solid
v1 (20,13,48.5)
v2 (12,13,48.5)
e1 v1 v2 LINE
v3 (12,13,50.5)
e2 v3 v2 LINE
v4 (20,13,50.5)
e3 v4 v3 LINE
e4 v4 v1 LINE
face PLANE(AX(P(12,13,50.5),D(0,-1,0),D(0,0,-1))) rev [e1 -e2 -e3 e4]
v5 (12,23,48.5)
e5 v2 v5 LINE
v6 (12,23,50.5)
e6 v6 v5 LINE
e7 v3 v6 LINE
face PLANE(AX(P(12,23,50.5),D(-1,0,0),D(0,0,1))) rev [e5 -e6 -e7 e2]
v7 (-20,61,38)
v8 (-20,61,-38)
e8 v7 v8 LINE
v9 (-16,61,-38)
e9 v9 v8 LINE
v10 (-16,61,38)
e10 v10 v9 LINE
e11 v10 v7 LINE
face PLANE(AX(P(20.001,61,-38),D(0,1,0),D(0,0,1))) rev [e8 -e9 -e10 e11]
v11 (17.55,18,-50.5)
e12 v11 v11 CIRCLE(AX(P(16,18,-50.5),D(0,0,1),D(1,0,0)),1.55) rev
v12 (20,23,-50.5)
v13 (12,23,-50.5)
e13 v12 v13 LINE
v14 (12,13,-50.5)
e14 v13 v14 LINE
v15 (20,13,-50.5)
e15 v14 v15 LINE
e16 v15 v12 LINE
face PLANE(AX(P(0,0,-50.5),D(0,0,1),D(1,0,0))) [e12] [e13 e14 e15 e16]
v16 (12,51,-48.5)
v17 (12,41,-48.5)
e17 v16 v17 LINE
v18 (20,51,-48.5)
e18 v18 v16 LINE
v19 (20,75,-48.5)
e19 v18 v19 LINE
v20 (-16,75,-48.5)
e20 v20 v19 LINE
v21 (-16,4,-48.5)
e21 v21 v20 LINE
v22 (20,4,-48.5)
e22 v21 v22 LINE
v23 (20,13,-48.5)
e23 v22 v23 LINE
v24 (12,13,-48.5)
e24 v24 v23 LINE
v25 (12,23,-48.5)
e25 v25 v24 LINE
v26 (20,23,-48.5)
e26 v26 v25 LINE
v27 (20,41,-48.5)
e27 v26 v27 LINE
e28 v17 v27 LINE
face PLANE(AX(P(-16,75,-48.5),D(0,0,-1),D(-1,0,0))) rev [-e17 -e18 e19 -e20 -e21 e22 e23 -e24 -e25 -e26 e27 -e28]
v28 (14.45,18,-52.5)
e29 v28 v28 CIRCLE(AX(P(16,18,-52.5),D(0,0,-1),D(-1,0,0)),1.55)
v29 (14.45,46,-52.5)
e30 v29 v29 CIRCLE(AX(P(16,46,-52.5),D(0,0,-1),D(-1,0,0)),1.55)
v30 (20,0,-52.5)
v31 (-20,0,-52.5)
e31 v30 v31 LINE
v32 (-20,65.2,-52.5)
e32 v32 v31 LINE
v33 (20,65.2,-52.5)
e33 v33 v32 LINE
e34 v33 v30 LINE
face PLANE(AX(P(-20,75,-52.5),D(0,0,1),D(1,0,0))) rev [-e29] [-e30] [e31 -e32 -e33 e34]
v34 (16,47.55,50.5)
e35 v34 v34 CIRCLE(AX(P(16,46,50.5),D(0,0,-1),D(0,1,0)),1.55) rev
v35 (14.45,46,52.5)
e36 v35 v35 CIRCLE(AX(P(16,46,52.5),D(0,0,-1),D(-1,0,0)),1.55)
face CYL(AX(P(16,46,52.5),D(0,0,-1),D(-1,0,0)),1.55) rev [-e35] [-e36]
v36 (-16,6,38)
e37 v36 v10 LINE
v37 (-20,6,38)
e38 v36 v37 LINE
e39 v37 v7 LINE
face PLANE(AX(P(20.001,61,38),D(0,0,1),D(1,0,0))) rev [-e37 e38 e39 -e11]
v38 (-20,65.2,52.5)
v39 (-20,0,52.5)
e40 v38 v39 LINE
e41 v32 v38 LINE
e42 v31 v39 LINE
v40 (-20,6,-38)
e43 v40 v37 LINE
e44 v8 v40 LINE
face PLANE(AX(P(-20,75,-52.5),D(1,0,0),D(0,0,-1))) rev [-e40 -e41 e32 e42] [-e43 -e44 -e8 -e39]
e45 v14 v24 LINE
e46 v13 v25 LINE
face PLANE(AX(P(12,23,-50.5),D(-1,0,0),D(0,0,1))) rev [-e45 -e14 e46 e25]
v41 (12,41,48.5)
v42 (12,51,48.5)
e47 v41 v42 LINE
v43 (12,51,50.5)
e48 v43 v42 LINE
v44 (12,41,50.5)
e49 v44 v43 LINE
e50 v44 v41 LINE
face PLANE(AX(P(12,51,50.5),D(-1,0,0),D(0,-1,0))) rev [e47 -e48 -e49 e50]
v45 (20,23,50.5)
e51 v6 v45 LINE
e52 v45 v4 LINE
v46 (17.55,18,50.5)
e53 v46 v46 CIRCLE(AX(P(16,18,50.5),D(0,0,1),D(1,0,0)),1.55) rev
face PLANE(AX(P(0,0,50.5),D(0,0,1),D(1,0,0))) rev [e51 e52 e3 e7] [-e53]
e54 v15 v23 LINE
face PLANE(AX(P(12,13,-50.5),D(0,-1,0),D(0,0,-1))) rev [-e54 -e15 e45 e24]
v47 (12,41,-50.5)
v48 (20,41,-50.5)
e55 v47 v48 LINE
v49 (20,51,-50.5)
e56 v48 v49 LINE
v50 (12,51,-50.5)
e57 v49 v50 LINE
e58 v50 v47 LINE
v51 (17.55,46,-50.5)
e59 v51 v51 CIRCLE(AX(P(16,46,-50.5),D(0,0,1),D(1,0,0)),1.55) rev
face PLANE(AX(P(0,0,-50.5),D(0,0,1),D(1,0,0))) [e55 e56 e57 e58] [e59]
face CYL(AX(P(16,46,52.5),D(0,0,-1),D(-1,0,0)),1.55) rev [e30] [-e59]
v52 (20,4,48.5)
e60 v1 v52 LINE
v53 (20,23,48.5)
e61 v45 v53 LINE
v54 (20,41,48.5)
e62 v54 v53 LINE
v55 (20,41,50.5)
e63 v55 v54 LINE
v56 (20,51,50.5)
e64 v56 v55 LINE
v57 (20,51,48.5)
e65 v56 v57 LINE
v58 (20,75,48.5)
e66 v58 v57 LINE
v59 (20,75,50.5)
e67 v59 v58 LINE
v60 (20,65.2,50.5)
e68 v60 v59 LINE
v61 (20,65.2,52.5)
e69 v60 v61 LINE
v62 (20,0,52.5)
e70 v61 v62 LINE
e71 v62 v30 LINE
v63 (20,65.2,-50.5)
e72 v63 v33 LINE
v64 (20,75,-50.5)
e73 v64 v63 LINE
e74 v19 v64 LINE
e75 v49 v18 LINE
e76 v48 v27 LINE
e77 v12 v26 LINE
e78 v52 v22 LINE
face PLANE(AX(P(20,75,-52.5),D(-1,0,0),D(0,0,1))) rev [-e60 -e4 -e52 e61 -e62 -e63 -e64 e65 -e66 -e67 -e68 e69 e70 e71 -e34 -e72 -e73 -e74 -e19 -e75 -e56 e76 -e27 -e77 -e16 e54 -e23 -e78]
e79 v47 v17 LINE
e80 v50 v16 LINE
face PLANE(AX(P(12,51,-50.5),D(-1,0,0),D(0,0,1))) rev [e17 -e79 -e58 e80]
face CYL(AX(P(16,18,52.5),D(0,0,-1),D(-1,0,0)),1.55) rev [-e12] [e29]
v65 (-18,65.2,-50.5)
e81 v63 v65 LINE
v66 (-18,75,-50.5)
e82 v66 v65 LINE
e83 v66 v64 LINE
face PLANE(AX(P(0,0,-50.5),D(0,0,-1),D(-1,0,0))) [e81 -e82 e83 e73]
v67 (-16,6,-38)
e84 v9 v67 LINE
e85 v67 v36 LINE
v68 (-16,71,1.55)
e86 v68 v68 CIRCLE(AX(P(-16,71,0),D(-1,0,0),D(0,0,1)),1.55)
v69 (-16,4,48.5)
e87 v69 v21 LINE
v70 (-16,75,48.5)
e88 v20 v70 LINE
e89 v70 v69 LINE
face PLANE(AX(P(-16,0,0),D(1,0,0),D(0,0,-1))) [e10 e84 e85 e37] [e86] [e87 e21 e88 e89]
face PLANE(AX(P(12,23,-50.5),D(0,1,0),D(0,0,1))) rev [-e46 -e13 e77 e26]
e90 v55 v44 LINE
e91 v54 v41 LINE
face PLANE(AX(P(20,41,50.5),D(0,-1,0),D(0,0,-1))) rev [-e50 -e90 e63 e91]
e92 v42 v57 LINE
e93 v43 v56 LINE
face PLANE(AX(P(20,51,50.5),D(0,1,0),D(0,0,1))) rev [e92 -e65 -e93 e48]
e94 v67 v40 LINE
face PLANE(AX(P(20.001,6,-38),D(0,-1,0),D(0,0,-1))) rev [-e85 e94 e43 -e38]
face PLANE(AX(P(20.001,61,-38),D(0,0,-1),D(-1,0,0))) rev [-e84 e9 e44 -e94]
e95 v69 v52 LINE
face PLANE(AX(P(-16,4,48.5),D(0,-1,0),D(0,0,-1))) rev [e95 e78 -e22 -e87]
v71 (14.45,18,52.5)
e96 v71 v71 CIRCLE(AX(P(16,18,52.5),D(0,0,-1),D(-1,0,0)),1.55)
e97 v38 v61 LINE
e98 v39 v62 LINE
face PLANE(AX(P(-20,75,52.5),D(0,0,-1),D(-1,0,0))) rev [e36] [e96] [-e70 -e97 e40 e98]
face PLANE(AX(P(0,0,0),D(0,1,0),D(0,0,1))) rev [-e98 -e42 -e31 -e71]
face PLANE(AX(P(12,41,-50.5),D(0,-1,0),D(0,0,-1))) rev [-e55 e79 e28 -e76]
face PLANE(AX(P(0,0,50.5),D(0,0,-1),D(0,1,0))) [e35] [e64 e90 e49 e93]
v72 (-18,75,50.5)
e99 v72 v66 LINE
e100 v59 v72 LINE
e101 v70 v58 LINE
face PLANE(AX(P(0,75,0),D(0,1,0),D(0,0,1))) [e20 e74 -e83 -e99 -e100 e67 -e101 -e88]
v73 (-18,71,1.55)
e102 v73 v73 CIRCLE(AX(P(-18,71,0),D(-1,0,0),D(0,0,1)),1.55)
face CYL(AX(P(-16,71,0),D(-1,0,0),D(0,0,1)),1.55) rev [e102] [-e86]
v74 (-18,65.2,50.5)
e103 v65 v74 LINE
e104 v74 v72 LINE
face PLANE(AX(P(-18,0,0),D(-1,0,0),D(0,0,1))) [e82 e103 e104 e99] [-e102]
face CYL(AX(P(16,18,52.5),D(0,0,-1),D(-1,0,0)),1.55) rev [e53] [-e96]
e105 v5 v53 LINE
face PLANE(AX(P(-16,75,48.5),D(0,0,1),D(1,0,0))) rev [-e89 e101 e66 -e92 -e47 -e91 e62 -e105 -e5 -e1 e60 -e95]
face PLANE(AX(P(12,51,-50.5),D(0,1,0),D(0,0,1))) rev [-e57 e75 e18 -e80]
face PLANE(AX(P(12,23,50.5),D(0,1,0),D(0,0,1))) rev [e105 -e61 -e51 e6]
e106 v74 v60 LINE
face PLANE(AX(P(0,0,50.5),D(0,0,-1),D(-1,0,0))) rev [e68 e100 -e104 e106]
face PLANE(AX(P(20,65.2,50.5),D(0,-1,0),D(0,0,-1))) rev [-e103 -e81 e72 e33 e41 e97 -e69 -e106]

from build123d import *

# Parameters (mm, degrees)
SKETCH1_W               = 40
SKETCH1_H               = 105
BOSS_EXTRUDE3_DEPTH     = 75
SKETCH4_W               = 97
SKETCH4_H               = 71
CUT_EXTRUDE2_DEPTH      = 36
SKETCH5_W               = 40
SKETCH5_H               = 9.8
CUT_EXTRUDE3_DEPTH      = 2
SKETCH6_W               = 40
SKETCH6_H               = 9.8
CUT_EXTRUDE4_DEPTH      = 2
SKETCH7_W               = 101
SKETCH7_H               = 9.8
CUT_EXTRUDE5_DEPTH      = 2
SKETCH8_R               = 1.55
CUT_EXTRUDE6_DEPTH      = 102
CUT_EXTRUDE6_DEPTH_BACK = 5
SKETCH9_W               = 8
SKETCH9_H               = 10
CUT_EXTRUDE7_DEPTH      = 2
SKETCH10_R              = 1.55
CUT_EXTRUDE8_DEPTH      = 2
SKETCH11_W              = 8
SKETCH11_H              = 10
CUT_EXTRUDE9_DEPTH      = 2
CUT_EXTRUDE10_REACH     = 42
SKETCH12_W              = 76
SKETCH12_H              = 55


with BuildPart() as part:
    # Sketch1 → Boss-Extrude3 (new body)
    with BuildSketch(Plane(origin=(0, 0, 0), x_dir=(1, 0, 0), z_dir=(0, 1, 0))):
        Rectangle(SKETCH1_W, SKETCH1_H)
    extrude(amount=BOSS_EXTRUDE3_DEPTH)

    # Sketch4 → Cut-Extrude2 (cut)
    with BuildSketch(Plane(origin=(20, 0, 0), x_dir=(0, 0, -1), z_dir=(1, 0, 0))):
        with Locations((0, 39.5)):
            Rectangle(SKETCH4_W, SKETCH4_H)
    extrude(amount=-CUT_EXTRUDE2_DEPTH, mode=Mode.SUBTRACT)

    # Sketch5 → Cut-Extrude3 (cut)
    with BuildSketch(Plane.XY.offset(52.5)):
        with Locations((0, 70.1)):
            Rectangle(SKETCH5_W, SKETCH5_H)
    extrude(amount=-CUT_EXTRUDE3_DEPTH, mode=Mode.SUBTRACT)

    # Sketch6 → Cut-Extrude4 (cut)
    with BuildSketch(Plane(origin=(0, 0, -52.5), x_dir=(-1, 0, 0), z_dir=(0, 0, -1))):
        with Locations((0, 70.1)):
            Rectangle(SKETCH6_W, SKETCH6_H)
    extrude(amount=-CUT_EXTRUDE4_DEPTH, mode=Mode.SUBTRACT)

    # Sketch7 → Cut-Extrude5 (cut)
    with BuildSketch(Plane.ZY.offset(20)):
        with Locations((0, 70.1)):
            Rectangle(SKETCH7_W, SKETCH7_H)
    extrude(amount=-CUT_EXTRUDE5_DEPTH, mode=Mode.SUBTRACT)

    # Sketch8 → Cut-Extrude6 (cut, two sides)
    with BuildSketch(Plane(origin=(0, 0, 48.5), x_dir=(-1, 0, 0), z_dir=(0, 0, -1))) as cut_extrude6_sk:
        with Locations((-16, 18)):
            Circle(SKETCH8_R)
        with Locations((-16, 46)):
            Circle(SKETCH8_R)
    extrude(amount=CUT_EXTRUDE6_DEPTH, mode=Mode.SUBTRACT)
    extrude(cut_extrude6_sk.sketch, amount=-CUT_EXTRUDE6_DEPTH_BACK, mode=Mode.SUBTRACT)

    # Sketch9 → Cut-Extrude7 (cut)
    with BuildSketch(Plane(origin=(0, 0, 48.5), x_dir=(-1, 0, 0), z_dir=(0, 0, -1))):
        with Locations((-16, 18)):
            Rectangle(SKETCH9_W, SKETCH9_H)
        with Locations((-16, 46)):
            Rectangle(SKETCH9_W, SKETCH9_H)
    extrude(amount=-CUT_EXTRUDE7_DEPTH, mode=Mode.SUBTRACT)

    # Sketch10 → Cut-Extrude8 (cut)
    with BuildSketch(Plane.ZY.offset(18)):
        with Locations((0, 71)):
            Circle(SKETCH10_R)
    extrude(amount=-CUT_EXTRUDE8_DEPTH, mode=Mode.SUBTRACT)

    # Sketch11 → Cut-Extrude9 (cut)
    with BuildSketch(Plane.XY.offset(-48.5)):
        with Locations((16, 46)):
            Rectangle(SKETCH11_W, SKETCH11_H)
        with Locations((16, 18)):
            Rectangle(SKETCH11_W, SKETCH11_H)
    extrude(amount=-CUT_EXTRUDE9_DEPTH, mode=Mode.SUBTRACT)

    # Sketch12 → Cut-Extrude10 (cut, up to next)
    with BuildSketch(Plane.ZY.offset(20), mode=Mode.PRIVATE) as cut_extrude10_sk1:
        with Locations((0, 33.5)):
            Rectangle(SKETCH12_W, SKETCH12_H)
    cut_extrude10_tool1 = extrude(cut_extrude10_sk1.sketch, amount=-CUT_EXTRUDE10_REACH, mode=Mode.PRIVATE) & part.part
    add(cut_extrude10_tool1.solids().sort_by_distance((-20, 33.5, 0))[0], mode=Mode.SUBTRACT)


solid = part.part
